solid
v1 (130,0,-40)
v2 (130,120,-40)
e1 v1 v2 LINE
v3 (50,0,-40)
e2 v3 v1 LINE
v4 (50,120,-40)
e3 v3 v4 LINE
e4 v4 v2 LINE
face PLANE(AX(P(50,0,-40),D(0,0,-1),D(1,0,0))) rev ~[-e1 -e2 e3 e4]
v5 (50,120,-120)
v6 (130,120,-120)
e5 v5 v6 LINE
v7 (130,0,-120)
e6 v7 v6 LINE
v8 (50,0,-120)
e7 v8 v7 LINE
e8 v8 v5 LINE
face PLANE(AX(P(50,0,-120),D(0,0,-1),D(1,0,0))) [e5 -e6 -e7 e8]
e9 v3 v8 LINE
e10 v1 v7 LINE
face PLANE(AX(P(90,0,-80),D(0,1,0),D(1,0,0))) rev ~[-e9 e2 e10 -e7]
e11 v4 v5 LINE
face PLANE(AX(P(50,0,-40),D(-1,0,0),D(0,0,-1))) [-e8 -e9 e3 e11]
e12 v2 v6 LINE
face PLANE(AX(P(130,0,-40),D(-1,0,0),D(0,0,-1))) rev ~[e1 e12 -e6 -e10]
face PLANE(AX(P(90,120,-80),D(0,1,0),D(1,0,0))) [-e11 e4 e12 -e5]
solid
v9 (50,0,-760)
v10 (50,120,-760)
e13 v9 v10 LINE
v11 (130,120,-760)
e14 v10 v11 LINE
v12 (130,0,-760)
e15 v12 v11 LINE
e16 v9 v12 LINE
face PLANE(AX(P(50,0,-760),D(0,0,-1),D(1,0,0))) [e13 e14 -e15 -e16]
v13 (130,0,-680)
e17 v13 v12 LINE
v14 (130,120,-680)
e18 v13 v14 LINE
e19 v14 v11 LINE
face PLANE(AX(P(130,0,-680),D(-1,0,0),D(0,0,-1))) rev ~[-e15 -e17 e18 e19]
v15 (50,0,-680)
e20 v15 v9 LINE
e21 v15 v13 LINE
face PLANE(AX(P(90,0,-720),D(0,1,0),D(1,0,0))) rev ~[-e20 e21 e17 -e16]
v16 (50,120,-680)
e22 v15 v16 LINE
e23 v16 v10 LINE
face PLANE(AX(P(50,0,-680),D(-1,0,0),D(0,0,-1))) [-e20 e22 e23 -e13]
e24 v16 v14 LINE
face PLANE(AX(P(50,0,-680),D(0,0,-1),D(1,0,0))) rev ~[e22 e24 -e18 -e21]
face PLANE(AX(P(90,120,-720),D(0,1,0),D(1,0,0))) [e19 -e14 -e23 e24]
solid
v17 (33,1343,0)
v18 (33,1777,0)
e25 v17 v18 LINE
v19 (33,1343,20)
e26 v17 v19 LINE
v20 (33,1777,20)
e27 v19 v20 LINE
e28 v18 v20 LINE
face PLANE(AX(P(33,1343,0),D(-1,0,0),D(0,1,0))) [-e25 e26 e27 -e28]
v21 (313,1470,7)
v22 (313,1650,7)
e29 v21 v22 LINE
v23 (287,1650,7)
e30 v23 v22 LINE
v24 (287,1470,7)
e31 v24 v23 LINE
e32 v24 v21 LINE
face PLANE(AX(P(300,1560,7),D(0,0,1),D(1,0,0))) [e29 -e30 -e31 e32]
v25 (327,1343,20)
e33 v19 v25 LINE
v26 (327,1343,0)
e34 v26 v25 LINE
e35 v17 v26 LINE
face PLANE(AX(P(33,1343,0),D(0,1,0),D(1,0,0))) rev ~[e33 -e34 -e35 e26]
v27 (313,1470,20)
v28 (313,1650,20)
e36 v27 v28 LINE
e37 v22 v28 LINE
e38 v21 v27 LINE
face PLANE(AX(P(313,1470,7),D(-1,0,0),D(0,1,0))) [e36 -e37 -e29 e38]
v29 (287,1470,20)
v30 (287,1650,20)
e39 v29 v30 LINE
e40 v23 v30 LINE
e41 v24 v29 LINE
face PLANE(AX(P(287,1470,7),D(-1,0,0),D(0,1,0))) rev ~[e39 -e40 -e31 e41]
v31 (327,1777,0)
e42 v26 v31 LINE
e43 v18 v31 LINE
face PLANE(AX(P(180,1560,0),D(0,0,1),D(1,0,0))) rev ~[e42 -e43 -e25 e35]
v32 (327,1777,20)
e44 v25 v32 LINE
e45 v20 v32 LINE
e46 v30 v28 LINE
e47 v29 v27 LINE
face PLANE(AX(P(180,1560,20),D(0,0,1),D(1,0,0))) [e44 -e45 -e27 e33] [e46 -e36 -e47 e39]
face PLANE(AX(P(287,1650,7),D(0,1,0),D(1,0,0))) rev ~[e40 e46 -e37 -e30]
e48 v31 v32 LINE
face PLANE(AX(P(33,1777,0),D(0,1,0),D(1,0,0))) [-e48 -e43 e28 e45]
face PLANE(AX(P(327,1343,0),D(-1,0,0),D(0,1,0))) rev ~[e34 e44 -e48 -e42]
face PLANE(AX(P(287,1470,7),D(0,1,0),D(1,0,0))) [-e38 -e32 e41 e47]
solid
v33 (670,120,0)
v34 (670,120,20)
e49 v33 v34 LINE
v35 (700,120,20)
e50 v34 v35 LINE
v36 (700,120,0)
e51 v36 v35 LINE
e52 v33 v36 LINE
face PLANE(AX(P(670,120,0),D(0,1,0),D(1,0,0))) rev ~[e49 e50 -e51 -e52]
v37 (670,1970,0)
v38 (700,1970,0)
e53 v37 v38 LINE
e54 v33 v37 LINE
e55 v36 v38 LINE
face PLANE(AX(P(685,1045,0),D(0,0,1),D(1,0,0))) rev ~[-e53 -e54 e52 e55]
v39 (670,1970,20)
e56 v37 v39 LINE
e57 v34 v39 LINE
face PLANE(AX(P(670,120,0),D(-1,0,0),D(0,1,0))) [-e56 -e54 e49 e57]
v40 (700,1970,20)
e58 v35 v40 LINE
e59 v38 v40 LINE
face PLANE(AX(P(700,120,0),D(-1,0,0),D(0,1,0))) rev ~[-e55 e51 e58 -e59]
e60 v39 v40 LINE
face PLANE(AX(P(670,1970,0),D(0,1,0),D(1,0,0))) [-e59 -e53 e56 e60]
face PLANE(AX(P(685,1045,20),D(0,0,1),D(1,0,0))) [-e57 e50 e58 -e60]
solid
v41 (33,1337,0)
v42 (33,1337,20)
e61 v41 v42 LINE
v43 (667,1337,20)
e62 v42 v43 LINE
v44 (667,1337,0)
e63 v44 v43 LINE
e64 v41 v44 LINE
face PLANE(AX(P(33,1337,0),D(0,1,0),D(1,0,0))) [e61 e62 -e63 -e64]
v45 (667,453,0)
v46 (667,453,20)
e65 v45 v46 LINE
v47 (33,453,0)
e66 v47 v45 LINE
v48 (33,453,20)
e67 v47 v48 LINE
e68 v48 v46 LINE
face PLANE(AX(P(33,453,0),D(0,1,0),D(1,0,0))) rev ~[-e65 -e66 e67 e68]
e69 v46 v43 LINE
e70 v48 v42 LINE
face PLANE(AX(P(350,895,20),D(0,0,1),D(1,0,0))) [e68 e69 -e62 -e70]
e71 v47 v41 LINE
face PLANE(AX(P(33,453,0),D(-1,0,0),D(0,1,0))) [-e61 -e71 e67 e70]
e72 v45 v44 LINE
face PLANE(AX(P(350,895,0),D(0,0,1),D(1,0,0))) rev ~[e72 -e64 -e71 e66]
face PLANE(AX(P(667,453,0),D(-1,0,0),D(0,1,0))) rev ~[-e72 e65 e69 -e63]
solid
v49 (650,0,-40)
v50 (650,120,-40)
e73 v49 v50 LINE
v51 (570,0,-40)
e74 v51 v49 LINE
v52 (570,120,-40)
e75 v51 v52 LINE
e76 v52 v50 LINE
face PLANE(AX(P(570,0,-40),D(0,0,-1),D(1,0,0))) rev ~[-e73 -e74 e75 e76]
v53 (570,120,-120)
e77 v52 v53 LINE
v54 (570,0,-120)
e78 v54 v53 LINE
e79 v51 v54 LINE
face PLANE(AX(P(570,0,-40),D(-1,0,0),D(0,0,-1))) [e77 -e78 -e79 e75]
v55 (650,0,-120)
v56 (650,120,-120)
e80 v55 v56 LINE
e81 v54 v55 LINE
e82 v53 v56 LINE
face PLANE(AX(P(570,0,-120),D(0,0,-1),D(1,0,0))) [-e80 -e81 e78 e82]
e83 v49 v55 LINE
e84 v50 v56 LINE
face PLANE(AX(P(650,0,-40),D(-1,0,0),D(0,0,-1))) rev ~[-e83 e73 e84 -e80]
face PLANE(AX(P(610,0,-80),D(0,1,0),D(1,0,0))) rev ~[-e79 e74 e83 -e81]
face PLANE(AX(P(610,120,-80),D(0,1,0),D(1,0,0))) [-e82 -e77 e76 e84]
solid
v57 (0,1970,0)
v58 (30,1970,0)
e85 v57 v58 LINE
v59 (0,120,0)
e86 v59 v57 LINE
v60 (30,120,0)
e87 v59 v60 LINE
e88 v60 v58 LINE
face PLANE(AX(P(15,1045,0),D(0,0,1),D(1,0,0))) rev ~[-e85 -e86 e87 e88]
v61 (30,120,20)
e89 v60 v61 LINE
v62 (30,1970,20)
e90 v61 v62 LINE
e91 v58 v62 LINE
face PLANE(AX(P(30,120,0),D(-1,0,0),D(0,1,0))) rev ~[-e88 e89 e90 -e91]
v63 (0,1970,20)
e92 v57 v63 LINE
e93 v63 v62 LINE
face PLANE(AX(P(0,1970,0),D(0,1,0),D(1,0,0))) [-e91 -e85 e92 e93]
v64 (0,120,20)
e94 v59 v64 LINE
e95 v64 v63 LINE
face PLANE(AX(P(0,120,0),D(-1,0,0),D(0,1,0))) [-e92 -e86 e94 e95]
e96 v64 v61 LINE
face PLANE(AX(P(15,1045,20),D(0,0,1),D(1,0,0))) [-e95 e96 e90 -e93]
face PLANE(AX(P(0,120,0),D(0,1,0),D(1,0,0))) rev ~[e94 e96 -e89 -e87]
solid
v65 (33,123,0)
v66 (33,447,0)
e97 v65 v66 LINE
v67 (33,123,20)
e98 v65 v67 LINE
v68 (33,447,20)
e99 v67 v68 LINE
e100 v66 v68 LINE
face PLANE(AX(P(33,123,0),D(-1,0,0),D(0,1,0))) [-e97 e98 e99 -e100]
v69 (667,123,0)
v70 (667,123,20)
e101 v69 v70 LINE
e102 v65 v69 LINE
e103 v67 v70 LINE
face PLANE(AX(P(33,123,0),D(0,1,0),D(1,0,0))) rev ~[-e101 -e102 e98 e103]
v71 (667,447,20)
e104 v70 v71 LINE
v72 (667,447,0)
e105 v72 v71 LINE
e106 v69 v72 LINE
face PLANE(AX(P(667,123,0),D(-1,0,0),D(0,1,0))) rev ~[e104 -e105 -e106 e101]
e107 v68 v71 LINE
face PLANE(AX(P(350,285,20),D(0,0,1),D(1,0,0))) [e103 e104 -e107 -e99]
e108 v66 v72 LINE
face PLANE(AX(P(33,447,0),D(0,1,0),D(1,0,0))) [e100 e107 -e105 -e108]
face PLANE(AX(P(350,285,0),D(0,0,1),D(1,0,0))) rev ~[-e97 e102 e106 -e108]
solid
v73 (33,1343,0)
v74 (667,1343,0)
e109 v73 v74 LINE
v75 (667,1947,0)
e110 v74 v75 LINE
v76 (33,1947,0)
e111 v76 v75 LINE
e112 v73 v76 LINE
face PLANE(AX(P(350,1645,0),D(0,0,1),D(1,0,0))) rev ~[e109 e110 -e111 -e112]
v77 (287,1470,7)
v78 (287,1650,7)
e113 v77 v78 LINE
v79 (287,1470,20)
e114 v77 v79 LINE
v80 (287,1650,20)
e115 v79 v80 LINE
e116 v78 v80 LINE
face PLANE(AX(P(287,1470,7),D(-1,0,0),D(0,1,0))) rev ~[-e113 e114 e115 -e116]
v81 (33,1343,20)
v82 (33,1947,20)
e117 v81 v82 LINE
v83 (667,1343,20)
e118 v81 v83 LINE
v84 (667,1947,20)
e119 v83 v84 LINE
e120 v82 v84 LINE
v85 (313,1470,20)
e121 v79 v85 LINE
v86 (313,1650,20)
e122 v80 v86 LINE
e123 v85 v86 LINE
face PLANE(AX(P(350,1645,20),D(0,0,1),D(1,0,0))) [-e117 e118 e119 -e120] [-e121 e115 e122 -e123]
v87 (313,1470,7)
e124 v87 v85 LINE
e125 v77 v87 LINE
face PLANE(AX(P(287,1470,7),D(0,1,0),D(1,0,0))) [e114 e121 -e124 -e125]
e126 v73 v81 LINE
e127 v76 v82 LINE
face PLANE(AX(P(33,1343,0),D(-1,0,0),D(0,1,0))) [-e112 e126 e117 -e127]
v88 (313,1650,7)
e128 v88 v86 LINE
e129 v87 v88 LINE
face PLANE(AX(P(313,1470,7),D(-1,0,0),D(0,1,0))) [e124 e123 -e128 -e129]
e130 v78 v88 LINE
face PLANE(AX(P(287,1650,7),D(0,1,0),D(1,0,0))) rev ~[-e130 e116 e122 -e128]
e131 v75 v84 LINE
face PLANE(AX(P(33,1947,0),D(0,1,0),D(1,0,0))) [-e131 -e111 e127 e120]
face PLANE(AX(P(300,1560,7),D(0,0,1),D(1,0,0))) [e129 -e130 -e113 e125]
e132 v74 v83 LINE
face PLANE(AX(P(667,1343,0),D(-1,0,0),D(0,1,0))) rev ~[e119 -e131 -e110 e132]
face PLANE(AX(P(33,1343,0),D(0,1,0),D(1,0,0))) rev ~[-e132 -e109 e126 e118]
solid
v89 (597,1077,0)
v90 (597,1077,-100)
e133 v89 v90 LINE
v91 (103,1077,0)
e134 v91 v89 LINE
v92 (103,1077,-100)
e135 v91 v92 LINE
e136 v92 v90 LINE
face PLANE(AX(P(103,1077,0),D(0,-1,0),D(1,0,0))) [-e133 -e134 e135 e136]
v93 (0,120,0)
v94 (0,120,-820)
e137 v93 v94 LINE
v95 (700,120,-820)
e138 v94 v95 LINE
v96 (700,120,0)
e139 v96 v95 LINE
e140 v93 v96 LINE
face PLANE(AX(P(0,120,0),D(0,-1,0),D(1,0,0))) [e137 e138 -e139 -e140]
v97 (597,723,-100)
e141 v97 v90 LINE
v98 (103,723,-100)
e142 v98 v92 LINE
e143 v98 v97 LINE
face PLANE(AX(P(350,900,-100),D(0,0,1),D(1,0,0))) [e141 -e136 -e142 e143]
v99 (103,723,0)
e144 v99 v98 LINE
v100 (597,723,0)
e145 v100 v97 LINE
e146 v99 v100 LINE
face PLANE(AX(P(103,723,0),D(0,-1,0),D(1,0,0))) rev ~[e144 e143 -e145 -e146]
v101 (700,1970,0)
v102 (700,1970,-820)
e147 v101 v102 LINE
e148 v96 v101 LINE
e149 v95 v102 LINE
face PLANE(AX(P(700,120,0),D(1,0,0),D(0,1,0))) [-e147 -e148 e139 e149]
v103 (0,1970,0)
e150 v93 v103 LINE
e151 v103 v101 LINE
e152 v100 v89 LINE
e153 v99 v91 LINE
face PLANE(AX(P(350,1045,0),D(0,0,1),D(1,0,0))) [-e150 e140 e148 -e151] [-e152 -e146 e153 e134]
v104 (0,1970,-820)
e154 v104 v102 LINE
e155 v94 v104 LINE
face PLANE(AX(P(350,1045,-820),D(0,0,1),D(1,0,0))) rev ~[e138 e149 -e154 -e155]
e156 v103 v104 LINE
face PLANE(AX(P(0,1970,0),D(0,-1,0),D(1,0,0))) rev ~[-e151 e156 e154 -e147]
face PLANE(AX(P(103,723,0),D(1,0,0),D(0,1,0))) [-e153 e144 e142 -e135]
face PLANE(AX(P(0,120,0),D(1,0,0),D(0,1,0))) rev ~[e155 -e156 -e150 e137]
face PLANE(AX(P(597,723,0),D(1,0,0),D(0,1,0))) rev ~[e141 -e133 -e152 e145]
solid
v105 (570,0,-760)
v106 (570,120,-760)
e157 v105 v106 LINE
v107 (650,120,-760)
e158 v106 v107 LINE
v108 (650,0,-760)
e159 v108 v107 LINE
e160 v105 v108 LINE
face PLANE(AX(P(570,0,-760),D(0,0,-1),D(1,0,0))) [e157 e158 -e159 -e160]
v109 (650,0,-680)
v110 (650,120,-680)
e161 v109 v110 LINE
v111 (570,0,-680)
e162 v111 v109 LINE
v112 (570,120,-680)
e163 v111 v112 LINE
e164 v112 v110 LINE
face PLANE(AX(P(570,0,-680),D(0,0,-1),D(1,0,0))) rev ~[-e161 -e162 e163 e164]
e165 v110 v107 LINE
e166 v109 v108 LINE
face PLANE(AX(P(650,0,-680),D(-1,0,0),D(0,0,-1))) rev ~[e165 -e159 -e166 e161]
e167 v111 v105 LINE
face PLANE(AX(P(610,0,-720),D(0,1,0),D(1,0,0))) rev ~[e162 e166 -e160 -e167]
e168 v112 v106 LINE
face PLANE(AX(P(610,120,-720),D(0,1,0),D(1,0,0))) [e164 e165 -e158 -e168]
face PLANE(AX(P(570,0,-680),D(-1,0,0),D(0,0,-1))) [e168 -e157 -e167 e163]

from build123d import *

# Parameters (mm, degrees)
SKETCH1_W                 = 700
SKETCH1_H                 = 1850
GOVDE_KASA_DEPTH          = 820
SKETCH2_W                 = 80
SKETCH2_H                 = 80
AYAK_1_DEPTH              = 120
SKETCH3_W                 = 80
SKETCH3_H                 = 80
AYAK_2_DEPTH              = 120
SKETCH4_W                 = 80
SKETCH4_H                 = 80
AYAK_3_DEPTH              = 120
SKETCH5_W                 = 80
SKETCH5_H                 = 80
AYAK_4_DEPTH              = 120
SKETCH6_W                 = 30
SKETCH6_H                 = 1850
SOVE_SOL_DEPTH            = 20
SKETCH7_W                 = 30
SKETCH7_H                 = 1850
SOVE_SAG_DEPTH            = 20
SKETCH8_W                 = 634
SKETCH8_H                 = 604
PANEL_UST_DEPTH           = 20
SKETCH9_W                 = 294
SKETCH9_H                 = 434
KAPAK_PANO_UST_DEPTH      = 20
KAPAK_PANO_UST_KULP_START = 7
SKETCH10_W                = 26
SKETCH10_H                = 180
KAPAK_PANO_UST_KULP_DEPTH = 13
SKETCH11_W                = 634
SKETCH11_H                = 884
PANEL_ORTA_DEPTH          = 20
SKETCH12_W                = 494
SKETCH12_H                = 354
ACIKLIK_TEPSI_DEPTH       = 100
SKETCH13_W                = 634
SKETCH13_H                = 324
PANEL_ALT_DEPTH           = 20


with BuildPart() as part:
    # Sketch1 → govde_kasa (new body)
    with BuildSketch(Plane.XY):
        with Locations((350, 1045)):
            Rectangle(SKETCH1_W, SKETCH1_H)
    extrude(amount=-GOVDE_KASA_DEPTH)

    # Sketch12 → aciklik_tepsi (cut)
    with BuildSketch(Plane.XY):
        with Locations((350, 900)):
            Rectangle(SKETCH12_W, SKETCH12_H)
    extrude(amount=-ACIKLIK_TEPSI_DEPTH, mode=Mode.SUBTRACT)


with BuildPart() as body_2:
    # Sketch2 → ayak_1 (new body)
    with BuildSketch(Plane(origin=(0, 0, 0), x_dir=(1, 0, 0), z_dir=(0, 1, 0))):
        with Locations((90, 80)):
            Rectangle(SKETCH2_W, SKETCH2_H)
    extrude(amount=AYAK_1_DEPTH)


with BuildPart() as body_3:
    # Sketch3 → ayak_2 (new body)
    with BuildSketch(Plane(origin=(0, 0, 0), x_dir=(1, 0, 0), z_dir=(0, 1, 0))):
        with Locations((610, 80)):
            Rectangle(SKETCH3_W, SKETCH3_H)
    extrude(amount=AYAK_2_DEPTH)


with BuildPart() as body_4:
    # Sketch4 → ayak_3 (new body)
    with BuildSketch(Plane(origin=(0, 0, 0), x_dir=(1, 0, 0), z_dir=(0, 1, 0))):
        with Locations((90, 720)):
            Rectangle(SKETCH4_W, SKETCH4_H)
    extrude(amount=AYAK_3_DEPTH)


with BuildPart() as body_5:
    # Sketch5 → ayak_4 (new body)
    with BuildSketch(Plane(origin=(0, 0, 0), x_dir=(1, 0, 0), z_dir=(0, 1, 0))):
        with Locations((610, 720)):
            Rectangle(SKETCH5_W, SKETCH5_H)
    extrude(amount=AYAK_4_DEPTH)


with BuildPart() as body_6:
    # Sketch6 → sove_sol (new body)
    with BuildSketch(Plane.XY):
        with Locations((15, 1045)):
            Rectangle(SKETCH6_W, SKETCH6_H)
    extrude(amount=SOVE_SOL_DEPTH)


with BuildPart() as body_7:
    # Sketch7 → sove_sag (new body)
    with BuildSketch(Plane.XY):
        with Locations((685, 1045)):
            Rectangle(SKETCH7_W, SKETCH7_H)
    extrude(amount=SOVE_SAG_DEPTH)


with BuildPart() as body_8:
    # Sketch8 → panel_ust (new body)
    with BuildSketch(Plane.XY):
        with Locations((350, 1645)):
            Rectangle(SKETCH8_W, SKETCH8_H)
    extrude(amount=PANEL_UST_DEPTH)


with BuildPart() as body_9:
    # Sketch9 → kapak_pano_ust (new body)
    with BuildSketch(Plane.XY):
        with Locations((180, 1560)):
            Rectangle(SKETCH9_W, SKETCH9_H)
    extrude(amount=KAPAK_PANO_UST_DEPTH)


with BuildPart() as kapak_pano_ust_kulp_tool:
    # Sketch10 → kapak_pano_ust_kulp (new body)
    with BuildSketch(Plane.XY.offset(KAPAK_PANO_UST_KULP_START)):
        with Locations((300, 1560)):
            Rectangle(SKETCH10_W, SKETCH10_H)
    extrude(amount=KAPAK_PANO_UST_KULP_DEPTH)


with BuildPart() as body_8_1:
    add(body_8.part)

    # kapak_pano_ust_kulp: cut by kapak_pano_ust_kulp_tool
    add(kapak_pano_ust_kulp_tool.part, mode=Mode.SUBTRACT)


with BuildPart() as body_9_1:
    add(body_9.part)

    # kapak_pano_ust_kulp: cut by kapak_pano_ust_kulp_tool
    add(kapak_pano_ust_kulp_tool.part, mode=Mode.SUBTRACT)


with BuildPart() as body_10:
    # Sketch11 → panel_orta (new body)
    with BuildSketch(Plane.XY):
        with Locations((350, 895)):
            Rectangle(SKETCH11_W, SKETCH11_H)
    extrude(amount=PANEL_ORTA_DEPTH)


with BuildPart() as body_11:
    # Sketch13 → panel_alt (new body)
    with BuildSketch(Plane.XY):
        with Locations((350, 285)):
            Rectangle(SKETCH13_W, SKETCH13_H)
    extrude(amount=PANEL_ALT_DEPTH)


solid = Compound([part.part, body_2.part, body_3.part, body_4.part, body_5.part, body_6.part, body_7.part, body_8_1.part, body_9_1.part, body_10.part, body_11.part])
